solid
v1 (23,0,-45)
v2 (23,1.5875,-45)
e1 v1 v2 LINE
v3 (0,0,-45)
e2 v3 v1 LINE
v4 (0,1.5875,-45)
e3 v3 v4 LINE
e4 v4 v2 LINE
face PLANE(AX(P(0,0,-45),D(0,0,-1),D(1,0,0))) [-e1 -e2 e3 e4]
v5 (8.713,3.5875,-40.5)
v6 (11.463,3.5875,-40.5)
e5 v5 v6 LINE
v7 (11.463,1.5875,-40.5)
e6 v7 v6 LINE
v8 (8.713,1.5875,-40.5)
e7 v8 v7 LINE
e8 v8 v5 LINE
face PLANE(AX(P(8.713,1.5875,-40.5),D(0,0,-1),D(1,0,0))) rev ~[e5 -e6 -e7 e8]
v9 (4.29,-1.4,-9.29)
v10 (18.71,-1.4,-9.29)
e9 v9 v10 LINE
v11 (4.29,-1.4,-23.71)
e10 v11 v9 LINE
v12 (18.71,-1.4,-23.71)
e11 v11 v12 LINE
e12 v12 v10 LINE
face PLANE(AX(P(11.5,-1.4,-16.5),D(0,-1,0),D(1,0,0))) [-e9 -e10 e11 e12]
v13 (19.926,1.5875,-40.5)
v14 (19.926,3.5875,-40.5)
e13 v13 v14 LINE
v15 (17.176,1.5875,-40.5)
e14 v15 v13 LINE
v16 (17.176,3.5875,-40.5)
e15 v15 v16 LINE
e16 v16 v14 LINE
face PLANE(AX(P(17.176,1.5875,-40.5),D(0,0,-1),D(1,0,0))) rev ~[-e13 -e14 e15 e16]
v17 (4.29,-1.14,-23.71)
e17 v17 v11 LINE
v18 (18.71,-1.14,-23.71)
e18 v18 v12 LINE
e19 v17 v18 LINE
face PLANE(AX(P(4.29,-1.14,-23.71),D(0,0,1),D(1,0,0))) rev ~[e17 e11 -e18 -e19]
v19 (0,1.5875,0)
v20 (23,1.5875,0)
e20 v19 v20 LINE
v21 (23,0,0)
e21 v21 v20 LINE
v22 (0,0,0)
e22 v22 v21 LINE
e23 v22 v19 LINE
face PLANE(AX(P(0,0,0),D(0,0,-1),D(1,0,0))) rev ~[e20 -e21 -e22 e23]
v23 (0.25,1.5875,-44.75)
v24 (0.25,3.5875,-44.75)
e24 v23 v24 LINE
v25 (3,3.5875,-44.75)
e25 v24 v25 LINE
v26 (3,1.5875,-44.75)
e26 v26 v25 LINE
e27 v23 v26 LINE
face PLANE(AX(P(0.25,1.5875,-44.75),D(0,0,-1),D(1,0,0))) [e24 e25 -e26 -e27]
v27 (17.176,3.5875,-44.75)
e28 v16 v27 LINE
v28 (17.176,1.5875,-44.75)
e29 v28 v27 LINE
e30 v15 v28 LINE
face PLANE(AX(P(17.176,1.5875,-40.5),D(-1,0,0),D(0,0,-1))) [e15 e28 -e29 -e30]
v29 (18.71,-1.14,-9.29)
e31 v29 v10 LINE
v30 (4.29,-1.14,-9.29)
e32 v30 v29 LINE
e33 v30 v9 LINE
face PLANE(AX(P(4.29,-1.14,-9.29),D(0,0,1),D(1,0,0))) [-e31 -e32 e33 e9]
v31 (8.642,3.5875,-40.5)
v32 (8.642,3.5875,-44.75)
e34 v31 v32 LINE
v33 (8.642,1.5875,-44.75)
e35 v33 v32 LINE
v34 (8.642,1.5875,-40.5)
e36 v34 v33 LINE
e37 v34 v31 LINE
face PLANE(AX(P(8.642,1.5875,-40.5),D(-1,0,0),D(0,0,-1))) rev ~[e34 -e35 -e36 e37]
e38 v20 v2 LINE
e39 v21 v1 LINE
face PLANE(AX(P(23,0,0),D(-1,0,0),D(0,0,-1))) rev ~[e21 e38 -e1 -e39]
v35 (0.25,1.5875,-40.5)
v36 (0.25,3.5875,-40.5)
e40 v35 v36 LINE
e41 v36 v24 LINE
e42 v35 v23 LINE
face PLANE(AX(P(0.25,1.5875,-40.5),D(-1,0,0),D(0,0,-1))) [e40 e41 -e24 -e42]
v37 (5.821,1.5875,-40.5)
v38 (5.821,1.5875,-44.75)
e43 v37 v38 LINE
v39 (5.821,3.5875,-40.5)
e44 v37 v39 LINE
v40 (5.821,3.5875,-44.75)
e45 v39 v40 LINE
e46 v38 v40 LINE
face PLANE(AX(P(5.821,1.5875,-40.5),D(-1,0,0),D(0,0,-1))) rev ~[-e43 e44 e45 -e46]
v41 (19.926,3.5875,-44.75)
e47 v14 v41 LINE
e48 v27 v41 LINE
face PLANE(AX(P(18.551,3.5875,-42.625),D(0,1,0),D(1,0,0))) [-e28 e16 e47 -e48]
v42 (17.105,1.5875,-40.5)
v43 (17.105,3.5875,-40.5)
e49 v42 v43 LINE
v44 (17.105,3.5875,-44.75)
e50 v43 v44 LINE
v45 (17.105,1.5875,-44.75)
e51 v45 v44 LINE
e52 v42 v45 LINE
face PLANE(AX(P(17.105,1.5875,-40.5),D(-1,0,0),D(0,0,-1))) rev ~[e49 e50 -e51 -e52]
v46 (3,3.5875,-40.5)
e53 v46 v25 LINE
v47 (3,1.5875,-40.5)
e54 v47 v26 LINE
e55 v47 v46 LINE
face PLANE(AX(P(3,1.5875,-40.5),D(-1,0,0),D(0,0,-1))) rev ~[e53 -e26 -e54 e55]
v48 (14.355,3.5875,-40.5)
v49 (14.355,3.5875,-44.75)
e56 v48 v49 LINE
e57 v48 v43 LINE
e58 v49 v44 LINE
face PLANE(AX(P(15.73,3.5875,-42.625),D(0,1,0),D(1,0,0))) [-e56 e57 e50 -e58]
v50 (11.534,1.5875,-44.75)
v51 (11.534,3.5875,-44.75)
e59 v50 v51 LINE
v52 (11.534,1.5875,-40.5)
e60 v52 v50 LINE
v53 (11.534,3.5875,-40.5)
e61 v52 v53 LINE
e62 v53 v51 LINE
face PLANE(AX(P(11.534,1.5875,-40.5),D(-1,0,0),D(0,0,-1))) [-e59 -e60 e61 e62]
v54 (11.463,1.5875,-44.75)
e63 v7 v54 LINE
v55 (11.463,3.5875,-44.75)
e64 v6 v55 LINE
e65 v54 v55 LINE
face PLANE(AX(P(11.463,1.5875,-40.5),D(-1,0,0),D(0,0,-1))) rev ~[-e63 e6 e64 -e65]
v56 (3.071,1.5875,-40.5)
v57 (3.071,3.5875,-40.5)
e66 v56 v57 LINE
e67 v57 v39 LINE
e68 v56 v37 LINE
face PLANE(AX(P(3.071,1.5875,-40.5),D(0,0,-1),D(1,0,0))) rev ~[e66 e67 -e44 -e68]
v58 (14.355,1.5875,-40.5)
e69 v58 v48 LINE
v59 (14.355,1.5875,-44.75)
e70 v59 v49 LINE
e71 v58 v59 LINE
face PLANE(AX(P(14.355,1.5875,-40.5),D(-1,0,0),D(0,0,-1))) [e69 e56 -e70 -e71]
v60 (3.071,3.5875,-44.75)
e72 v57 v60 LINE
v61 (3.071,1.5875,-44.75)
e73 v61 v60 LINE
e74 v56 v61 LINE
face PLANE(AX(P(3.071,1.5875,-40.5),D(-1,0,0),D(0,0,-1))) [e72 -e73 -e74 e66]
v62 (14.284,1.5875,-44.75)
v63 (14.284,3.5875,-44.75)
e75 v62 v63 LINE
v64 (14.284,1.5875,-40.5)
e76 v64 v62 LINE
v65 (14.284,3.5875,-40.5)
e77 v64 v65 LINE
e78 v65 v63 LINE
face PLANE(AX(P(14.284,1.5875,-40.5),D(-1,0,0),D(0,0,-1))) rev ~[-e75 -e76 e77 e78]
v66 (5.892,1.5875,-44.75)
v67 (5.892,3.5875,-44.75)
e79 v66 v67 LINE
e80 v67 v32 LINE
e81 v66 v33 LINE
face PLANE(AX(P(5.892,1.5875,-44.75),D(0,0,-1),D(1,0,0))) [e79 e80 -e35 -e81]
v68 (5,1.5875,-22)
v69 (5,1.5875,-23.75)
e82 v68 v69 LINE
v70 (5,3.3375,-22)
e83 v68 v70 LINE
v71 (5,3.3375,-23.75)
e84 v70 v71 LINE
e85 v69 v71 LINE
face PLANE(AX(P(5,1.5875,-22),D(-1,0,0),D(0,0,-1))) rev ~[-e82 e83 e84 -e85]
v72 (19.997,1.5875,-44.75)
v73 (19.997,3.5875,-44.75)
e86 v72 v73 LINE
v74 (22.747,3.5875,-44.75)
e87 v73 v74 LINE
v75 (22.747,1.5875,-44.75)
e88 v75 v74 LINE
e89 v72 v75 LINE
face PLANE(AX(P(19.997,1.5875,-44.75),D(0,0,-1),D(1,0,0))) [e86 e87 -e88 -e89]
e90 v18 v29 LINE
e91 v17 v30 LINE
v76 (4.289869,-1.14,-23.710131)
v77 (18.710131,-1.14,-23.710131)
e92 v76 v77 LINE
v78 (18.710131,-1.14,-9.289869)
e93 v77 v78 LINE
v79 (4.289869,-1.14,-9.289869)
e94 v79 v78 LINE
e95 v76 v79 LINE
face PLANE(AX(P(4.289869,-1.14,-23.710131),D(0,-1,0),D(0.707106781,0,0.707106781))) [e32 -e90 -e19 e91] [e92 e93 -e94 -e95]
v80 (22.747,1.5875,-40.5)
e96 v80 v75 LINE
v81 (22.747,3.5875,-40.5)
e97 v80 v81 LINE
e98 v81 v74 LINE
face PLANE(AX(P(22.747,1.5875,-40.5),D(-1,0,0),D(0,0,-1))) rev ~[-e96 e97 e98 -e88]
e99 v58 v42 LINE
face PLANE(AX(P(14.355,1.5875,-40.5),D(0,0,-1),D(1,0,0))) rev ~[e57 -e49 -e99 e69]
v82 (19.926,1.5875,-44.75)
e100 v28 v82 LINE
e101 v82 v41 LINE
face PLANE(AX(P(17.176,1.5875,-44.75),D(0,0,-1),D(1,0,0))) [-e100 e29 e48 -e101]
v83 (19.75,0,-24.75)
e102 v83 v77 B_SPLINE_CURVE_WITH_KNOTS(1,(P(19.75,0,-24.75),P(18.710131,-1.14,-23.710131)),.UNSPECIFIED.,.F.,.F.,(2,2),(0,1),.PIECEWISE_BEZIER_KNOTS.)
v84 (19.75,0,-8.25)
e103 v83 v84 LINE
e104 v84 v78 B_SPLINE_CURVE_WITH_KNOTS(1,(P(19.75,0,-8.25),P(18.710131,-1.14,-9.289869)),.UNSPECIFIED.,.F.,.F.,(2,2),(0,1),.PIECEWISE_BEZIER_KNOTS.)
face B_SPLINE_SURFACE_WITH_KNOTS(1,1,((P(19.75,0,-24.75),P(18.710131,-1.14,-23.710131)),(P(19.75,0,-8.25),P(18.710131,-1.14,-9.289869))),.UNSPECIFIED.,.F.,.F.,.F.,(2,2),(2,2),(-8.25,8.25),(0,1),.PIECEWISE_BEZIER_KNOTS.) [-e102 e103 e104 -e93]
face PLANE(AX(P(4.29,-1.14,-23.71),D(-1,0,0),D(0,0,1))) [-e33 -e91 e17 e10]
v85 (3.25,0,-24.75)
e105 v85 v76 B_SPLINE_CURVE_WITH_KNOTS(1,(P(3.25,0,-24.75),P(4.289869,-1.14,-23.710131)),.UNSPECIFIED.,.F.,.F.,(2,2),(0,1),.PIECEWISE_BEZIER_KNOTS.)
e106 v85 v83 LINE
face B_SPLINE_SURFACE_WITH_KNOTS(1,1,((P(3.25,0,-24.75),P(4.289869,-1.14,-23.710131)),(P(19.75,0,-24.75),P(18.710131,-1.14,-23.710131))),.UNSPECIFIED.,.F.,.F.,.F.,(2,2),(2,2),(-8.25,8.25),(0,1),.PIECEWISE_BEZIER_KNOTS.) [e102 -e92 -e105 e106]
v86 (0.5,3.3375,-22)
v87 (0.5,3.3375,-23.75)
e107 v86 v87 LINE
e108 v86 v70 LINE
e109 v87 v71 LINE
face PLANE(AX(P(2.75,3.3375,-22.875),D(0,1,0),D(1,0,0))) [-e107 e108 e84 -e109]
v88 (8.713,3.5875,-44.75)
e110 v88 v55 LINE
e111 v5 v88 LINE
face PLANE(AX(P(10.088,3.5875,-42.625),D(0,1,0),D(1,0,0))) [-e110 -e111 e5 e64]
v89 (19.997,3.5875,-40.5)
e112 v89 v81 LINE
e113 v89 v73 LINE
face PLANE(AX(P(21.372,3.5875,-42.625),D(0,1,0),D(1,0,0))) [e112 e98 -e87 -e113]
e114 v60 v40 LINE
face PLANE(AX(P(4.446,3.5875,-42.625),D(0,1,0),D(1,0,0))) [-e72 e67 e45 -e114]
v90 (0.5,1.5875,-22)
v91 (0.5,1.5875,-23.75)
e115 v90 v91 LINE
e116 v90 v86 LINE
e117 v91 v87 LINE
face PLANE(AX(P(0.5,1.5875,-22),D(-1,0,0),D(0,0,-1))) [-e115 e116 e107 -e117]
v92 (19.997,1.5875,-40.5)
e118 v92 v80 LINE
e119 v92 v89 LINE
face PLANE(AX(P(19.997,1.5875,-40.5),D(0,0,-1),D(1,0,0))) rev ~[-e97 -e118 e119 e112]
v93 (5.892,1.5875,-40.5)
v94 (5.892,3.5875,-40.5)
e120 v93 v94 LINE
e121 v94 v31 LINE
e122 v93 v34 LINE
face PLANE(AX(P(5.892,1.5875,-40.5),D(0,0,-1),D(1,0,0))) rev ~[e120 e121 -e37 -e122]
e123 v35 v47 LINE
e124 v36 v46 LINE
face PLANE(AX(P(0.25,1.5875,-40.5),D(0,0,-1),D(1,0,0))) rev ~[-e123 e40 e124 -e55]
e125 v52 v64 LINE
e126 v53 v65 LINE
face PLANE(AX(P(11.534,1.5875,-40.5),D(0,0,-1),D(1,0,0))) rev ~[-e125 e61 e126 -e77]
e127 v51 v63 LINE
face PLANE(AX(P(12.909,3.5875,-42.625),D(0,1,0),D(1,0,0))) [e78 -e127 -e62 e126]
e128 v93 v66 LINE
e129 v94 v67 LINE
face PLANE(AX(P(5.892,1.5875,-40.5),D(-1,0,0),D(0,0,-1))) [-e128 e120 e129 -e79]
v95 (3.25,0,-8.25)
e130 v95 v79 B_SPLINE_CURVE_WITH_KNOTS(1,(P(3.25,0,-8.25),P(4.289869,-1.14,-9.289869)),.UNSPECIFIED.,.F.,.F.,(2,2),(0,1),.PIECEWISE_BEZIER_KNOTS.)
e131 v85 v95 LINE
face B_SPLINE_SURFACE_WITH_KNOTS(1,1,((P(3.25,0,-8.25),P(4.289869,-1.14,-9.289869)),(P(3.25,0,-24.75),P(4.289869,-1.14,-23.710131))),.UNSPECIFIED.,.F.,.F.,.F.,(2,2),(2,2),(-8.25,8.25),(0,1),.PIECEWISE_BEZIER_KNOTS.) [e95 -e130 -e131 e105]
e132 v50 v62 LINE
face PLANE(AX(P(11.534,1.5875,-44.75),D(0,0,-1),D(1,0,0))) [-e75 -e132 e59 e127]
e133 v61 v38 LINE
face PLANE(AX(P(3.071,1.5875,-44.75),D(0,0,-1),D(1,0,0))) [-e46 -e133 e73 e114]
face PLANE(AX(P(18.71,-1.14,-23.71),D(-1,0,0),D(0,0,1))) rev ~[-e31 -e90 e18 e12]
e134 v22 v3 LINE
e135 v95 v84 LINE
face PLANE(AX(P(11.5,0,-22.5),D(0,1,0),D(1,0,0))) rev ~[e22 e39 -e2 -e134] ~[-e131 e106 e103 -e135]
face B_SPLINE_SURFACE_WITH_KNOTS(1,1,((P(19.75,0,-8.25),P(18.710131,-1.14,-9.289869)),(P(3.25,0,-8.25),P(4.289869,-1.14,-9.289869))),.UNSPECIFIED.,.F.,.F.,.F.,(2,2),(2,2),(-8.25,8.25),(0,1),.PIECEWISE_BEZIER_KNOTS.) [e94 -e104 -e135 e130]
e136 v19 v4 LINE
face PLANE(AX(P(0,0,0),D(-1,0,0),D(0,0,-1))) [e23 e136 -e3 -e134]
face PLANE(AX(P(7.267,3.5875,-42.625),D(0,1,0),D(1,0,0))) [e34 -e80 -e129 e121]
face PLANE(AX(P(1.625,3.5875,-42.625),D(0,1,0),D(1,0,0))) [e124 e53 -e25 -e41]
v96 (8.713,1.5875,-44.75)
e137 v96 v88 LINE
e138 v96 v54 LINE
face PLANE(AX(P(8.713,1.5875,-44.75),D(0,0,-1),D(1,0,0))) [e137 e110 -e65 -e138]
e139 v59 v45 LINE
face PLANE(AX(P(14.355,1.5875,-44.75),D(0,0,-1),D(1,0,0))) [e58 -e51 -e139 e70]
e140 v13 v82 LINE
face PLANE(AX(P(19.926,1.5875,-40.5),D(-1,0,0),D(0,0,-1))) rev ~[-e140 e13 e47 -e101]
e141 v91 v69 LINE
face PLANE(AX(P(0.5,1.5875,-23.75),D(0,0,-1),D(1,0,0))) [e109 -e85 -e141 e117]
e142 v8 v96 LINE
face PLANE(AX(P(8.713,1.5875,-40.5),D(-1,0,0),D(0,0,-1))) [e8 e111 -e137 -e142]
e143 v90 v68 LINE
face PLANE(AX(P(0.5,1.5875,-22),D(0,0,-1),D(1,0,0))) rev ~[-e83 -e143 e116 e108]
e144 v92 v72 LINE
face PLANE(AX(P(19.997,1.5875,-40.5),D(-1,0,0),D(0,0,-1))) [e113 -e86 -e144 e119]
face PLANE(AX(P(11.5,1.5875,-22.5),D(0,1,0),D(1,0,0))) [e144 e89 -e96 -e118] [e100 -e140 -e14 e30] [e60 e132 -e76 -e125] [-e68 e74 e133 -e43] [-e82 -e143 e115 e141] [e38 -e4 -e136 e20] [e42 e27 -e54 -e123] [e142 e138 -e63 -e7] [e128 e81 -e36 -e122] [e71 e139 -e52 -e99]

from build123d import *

# Parameters (mm, degrees)
SKETCH1_W           = 23
SKETCH1_H           = 45
BOSS_EXTRUDE1_DEPTH = 1.5875
SKETCH2_W           = 16.5
SKETCH2_H           = 16.5
BOSS_EXTRUDE2_DEPTH = 1.14
BOSS_EXTRUDE2_TAPER = 42.37
SKETCH3_W           = 14.42
SKETCH3_H           = 14.42
BOSS_EXTRUDE3_DEPTH = 0.26
SKETCH4_W           = 2.75
SKETCH4_H           = 4.25
BOSS_EXTRUDE4_DEPTH = 2
SKETCH5_W           = 4.5
SKETCH5_H           = 1.75
BOSS_EXTRUDE5_DEPTH = 1.75


with BuildPart() as part:
    # Sketch1 → Boss-Extrude1 (new body)
    with BuildSketch(Plane(origin=(0, 0, 0), x_dir=(1, 0, 0), z_dir=(0, 1, 0))):
        with Locations((11.5, 22.5)):
            Rectangle(SKETCH1_W, SKETCH1_H)
    extrude(amount=BOSS_EXTRUDE1_DEPTH)

    # Sketch2 → Boss-Extrude2 (add)
    with BuildSketch(Plane.XZ):
        with Locations((11.5, -16.5)):
            Rectangle(SKETCH2_W, SKETCH2_H)
    extrude(amount=BOSS_EXTRUDE2_DEPTH, taper=BOSS_EXTRUDE2_TAPER)

    # Sketch3 → Boss-Extrude3 (add)
    with BuildSketch(Plane.XZ.offset(1.14)):
        with Locations((11.5, -16.5)):
            Rectangle(SKETCH3_W, SKETCH3_H)
    extrude(amount=BOSS_EXTRUDE3_DEPTH)

    # Sketch4 → Boss-Extrude4 (add)
    with BuildSketch(Plane(origin=(0, 1.5875, 0), x_dir=(1, 0, 0), z_dir=(0, 1, 0))):
        with Locations((4.446, 42.625)):
            Rectangle(SKETCH4_W, SKETCH4_H)
        with Locations((1.625, 42.625)):
            Rectangle(SKETCH4_W, SKETCH4_H)
        with Locations((7.267, 42.625)):
            Rectangle(SKETCH4_W, SKETCH4_H)
        with Locations((10.088, 42.625)):
            Rectangle(SKETCH4_W, SKETCH4_H)
        with Locations((12.909, 42.625)):
            Rectangle(SKETCH4_W, SKETCH4_H)
        with Locations((15.73, 42.625)):
            Rectangle(SKETCH4_W, SKETCH4_H)
        with Locations((18.551, 42.625)):
            Rectangle(SKETCH4_W, SKETCH4_H)
        with Locations((21.372, 42.625)):
            Rectangle(SKETCH4_W, SKETCH4_H)
    extrude(amount=BOSS_EXTRUDE4_DEPTH)

    # Sketch5 → Boss-Extrude5 (add)
    with BuildSketch(Plane(origin=(0, 1.5875, 0), x_dir=(1, 0, 0), z_dir=(0, 1, 0))):
        with Locations((2.75, 22.875)):
            Rectangle(SKETCH5_W, SKETCH5_H)
    extrude(amount=BOSS_EXTRUDE5_DEPTH)


solid = part.part
